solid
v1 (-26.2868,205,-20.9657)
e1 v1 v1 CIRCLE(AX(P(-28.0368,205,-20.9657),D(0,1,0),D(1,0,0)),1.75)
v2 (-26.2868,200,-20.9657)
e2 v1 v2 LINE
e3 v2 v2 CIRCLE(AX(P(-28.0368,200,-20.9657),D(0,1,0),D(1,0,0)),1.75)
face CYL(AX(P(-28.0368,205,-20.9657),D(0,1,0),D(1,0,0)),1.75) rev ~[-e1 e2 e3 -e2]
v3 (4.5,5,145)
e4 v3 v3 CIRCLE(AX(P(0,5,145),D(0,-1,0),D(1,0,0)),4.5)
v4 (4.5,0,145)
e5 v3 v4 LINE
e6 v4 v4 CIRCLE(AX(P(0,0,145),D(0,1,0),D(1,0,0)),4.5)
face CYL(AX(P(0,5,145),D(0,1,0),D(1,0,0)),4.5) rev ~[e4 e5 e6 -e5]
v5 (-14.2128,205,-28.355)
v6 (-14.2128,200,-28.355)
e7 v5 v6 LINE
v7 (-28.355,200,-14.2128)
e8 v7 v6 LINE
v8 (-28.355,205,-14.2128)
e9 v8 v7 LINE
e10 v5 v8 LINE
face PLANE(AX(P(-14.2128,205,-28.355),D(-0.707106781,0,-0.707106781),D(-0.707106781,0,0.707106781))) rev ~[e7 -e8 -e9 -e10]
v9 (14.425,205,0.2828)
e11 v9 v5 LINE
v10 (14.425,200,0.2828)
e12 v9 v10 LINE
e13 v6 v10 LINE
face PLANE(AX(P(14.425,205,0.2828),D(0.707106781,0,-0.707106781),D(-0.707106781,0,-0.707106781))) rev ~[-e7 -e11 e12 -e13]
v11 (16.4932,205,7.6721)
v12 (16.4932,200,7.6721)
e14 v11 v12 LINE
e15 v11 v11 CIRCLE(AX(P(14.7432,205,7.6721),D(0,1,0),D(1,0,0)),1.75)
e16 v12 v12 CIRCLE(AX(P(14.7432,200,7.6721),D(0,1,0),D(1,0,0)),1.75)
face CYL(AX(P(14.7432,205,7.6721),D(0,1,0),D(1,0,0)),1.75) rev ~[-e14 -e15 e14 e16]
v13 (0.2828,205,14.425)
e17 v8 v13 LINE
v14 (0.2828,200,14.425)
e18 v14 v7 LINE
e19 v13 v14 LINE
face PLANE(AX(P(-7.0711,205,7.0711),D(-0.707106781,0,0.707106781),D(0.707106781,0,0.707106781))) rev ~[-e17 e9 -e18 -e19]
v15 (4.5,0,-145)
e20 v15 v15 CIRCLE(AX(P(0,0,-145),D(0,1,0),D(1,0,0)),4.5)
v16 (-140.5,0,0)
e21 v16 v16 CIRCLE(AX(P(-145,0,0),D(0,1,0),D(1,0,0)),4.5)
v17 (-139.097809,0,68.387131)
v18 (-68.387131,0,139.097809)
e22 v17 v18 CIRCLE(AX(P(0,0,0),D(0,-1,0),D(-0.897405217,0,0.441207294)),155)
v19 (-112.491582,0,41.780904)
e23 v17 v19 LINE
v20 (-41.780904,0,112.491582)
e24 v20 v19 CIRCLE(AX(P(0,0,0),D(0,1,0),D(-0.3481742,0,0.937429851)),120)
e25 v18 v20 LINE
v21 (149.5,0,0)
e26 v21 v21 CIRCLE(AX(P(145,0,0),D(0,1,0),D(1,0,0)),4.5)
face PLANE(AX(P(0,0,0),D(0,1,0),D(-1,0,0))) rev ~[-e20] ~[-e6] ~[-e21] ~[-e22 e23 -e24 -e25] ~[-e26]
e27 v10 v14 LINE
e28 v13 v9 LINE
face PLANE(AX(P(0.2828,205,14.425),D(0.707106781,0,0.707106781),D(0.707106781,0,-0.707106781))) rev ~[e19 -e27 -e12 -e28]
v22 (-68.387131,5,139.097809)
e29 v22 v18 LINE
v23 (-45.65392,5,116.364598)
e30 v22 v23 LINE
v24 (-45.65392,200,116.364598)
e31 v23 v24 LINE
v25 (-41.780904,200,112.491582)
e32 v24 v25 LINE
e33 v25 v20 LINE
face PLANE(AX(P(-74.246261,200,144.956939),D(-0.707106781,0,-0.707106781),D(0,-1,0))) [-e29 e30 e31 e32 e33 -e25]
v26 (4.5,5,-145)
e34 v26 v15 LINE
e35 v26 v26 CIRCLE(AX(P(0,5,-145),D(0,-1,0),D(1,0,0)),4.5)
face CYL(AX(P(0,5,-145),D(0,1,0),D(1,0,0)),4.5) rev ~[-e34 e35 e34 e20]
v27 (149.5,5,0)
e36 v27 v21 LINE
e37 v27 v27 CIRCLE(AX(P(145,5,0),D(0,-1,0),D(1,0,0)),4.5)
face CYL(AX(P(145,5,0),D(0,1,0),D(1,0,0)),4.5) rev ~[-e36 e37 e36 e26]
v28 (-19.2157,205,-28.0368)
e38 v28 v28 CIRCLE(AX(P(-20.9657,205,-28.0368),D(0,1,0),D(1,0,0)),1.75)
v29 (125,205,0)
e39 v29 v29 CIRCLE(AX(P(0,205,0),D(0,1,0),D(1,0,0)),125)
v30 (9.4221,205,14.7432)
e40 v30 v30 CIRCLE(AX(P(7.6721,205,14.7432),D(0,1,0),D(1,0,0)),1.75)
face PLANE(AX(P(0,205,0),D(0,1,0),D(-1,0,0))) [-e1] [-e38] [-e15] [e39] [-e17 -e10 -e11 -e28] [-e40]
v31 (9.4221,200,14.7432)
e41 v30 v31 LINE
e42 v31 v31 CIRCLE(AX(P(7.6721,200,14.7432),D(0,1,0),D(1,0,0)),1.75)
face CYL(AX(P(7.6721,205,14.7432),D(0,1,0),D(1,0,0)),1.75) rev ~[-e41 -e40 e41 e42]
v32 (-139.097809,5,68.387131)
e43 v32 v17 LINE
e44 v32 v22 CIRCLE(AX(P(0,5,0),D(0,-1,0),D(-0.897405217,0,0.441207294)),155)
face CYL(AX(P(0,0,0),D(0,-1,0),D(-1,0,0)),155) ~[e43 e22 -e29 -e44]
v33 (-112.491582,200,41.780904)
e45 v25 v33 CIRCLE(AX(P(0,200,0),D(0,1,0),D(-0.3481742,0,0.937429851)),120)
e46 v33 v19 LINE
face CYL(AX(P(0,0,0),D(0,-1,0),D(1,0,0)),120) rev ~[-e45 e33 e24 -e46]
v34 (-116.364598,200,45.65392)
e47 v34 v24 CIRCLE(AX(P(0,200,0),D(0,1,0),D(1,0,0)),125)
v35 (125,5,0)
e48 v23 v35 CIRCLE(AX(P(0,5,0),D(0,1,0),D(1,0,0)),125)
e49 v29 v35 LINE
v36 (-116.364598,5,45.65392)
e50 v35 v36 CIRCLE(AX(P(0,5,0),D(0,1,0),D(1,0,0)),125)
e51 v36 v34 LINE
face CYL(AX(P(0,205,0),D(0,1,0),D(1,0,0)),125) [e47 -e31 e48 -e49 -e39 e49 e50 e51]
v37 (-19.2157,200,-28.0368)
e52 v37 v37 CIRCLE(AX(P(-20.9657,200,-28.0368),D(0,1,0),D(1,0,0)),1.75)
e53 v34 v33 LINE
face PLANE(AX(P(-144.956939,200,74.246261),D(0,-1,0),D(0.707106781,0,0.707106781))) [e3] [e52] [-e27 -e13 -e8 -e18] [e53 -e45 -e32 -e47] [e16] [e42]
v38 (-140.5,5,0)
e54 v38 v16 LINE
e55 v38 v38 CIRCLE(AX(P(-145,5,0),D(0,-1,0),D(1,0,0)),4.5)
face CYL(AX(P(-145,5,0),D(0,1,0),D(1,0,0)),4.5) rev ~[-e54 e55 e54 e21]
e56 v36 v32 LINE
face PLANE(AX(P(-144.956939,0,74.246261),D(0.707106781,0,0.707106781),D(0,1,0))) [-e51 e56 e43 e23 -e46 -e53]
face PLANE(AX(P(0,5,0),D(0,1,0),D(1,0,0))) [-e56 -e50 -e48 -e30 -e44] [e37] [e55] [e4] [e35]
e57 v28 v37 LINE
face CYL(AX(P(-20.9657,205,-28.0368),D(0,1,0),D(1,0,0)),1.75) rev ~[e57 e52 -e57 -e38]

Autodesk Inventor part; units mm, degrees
ref_plane "XZ Plane" through (0, 0, 0) normal (0, 1, 0) x (-1, 0, 0)
ref_plane "XY Plane" through (0, 0, 0) normal (0, 0, 1) x (1, 0, 0)
sketch "Sketch1" plane through (0, 0, 0) normal (0, 1, 0) x (-1, 0, 0)
  circle A0 centre (0, 0) radius 120
  circle A1 centre (0, 0) radius 125
  circle A2 centre (0, 0) radius 155
  dimension "d0" = 240
  dimension "d1" = 250
  dimension "d2" = 310
extrude "Extrusion1" add sketch "Sketch1" along normal blind 205 contours A0 | A1 | A2
sketch "Sketch3" plane through (0, 205, 0) normal (0, 1, 0) x (1, 0, 0)
  circle A0 centre (0, 0) radius 155
  circle A1 centre (0, 0) radius 125
  dimension "d27" = 250
  dimension "d28" = 310
extrude "Extrusion3" cut sketch "Sketch3" against normal blind 200
sketch "Sketch4" plane through (0, 5, 0) normal (0, 1, 0) x (1, 0, 0)
  circle A0 centre (0, 145) radius 4.5
  circle A1 centre (0, 0) radius 155 projected
  line L0 (0, 155) -> (0, 125)
  circle A2 centre (0, 0) radius 125 projected
  circle A3 centre (-145, 0) radius 4.5
  line L1 (-155, 0) -> (-125, 0)
  circle A4 centre (0, -145) radius 4.5
  line L2 (0, -155) -> (0, -125)
  circle A5 centre (145, 0) radius 4.5
  line L3 (155, 0) -> (125, 0)
  dimension "d31" = 9
  dimension "d32" = 0
  dimension "d33" = 145
  dimension "d36" = 360
extrude "Extrusion4" cut sketch "Sketch4" against normal through all contours A0 L0 | L0 A0 | L3 A5 | A5 L3 | L1 A3 | A3 L1 | L2 A4 | A4 L2
sketch "Sketch5" plane through (0, 0, 0) normal (0, -1, 0) x (1, 0, 0)
  circle A0 centre (0, 0) radius 120
  dimension "d40" = 240
extrude "Extrusion5" cut sketch "Sketch5" against normal blind 200
ref_plane "Work Plane2" through (-109.6016, 0, 109.6016) normal (0.7071, 0, -0.7071) x (0, 1, 0)
ref_plane "Work Plane1" through (0, 0, 0) normal (0.7071, 0, -0.7071) x (0, 1, 0)
sketch "Sketch6" plane through (-109.6016, 0, 109.6016) normal (0.7071, 0, -0.7071) x (0, 1, 0)
  line L0 (0, -50) -> (200, -50)
  line L1 (200, -50) -> (200, 50)
  line L2 (200, 50) -> (0, 50)
  line L3 (0, 50) -> (0, -50)
  line L4 (0, 155) -> (0, -155) projected
  line L5 (-41, 0) -> (246, 0) projected
  point P0 (0, 0)
  dimension "d44" = 200
  dimension "d45" = 100
  dimension "d46" = 0
  dimension "d47" = 50
extrude "Extrusion6" cut sketch "Sketch6" along normal up to surface
sketch "Sketch7" plane through (0, 205, 0) normal (0, 1, 0) x (1, 0, 0)
  circle A0 centre (0, 0) radius 10
  line L0 (0, 0) -> (31, 0) construction
  line L1 (7.0711, 7.0711) -> (-14.2128, 28.355)
  line L2 (-14.2128, 28.355) -> (-28.355, 14.2128)
  line L3 (-28.355, 14.2128) -> (-7.0711, -7.0711)
  line L4 (-7.0711, -7.0711) -> (0.2828, -14.425)
  line L5 (-7.0711, -7.0711) -> (3.3289, -7.0711) construction
  line L6 (0.2828, -14.425) -> (14.425, -0.2828)
  line L7 (14.425, -0.2828) -> (7.0711, 7.0711)
  circle A1 centre (-28.0368, 20.9657) radius 1.75
  circle A2 centre (-20.9657, 28.0368) radius 1.75
  circle A3 centre (7.6721, -14.7432) radius 1.75
  circle A4 centre (14.7432, -7.6721) radius 1.75
  dimension "d50" = 20
  dimension "d53" = 20
  dimension "d55" = 10.4
  dimension "d56" = 45
  dimension "d57" = 30.1
  dimension "d58" = 3.5
  dimension "d61" = 5
  dimension "d65" = 10
  dimension "d68" = 50.5
  dimension "d71" = 4.55
extrude "Extrusion7" cut sketch "Sketch7" against normal through all
properties part number "mechanism_cover"
